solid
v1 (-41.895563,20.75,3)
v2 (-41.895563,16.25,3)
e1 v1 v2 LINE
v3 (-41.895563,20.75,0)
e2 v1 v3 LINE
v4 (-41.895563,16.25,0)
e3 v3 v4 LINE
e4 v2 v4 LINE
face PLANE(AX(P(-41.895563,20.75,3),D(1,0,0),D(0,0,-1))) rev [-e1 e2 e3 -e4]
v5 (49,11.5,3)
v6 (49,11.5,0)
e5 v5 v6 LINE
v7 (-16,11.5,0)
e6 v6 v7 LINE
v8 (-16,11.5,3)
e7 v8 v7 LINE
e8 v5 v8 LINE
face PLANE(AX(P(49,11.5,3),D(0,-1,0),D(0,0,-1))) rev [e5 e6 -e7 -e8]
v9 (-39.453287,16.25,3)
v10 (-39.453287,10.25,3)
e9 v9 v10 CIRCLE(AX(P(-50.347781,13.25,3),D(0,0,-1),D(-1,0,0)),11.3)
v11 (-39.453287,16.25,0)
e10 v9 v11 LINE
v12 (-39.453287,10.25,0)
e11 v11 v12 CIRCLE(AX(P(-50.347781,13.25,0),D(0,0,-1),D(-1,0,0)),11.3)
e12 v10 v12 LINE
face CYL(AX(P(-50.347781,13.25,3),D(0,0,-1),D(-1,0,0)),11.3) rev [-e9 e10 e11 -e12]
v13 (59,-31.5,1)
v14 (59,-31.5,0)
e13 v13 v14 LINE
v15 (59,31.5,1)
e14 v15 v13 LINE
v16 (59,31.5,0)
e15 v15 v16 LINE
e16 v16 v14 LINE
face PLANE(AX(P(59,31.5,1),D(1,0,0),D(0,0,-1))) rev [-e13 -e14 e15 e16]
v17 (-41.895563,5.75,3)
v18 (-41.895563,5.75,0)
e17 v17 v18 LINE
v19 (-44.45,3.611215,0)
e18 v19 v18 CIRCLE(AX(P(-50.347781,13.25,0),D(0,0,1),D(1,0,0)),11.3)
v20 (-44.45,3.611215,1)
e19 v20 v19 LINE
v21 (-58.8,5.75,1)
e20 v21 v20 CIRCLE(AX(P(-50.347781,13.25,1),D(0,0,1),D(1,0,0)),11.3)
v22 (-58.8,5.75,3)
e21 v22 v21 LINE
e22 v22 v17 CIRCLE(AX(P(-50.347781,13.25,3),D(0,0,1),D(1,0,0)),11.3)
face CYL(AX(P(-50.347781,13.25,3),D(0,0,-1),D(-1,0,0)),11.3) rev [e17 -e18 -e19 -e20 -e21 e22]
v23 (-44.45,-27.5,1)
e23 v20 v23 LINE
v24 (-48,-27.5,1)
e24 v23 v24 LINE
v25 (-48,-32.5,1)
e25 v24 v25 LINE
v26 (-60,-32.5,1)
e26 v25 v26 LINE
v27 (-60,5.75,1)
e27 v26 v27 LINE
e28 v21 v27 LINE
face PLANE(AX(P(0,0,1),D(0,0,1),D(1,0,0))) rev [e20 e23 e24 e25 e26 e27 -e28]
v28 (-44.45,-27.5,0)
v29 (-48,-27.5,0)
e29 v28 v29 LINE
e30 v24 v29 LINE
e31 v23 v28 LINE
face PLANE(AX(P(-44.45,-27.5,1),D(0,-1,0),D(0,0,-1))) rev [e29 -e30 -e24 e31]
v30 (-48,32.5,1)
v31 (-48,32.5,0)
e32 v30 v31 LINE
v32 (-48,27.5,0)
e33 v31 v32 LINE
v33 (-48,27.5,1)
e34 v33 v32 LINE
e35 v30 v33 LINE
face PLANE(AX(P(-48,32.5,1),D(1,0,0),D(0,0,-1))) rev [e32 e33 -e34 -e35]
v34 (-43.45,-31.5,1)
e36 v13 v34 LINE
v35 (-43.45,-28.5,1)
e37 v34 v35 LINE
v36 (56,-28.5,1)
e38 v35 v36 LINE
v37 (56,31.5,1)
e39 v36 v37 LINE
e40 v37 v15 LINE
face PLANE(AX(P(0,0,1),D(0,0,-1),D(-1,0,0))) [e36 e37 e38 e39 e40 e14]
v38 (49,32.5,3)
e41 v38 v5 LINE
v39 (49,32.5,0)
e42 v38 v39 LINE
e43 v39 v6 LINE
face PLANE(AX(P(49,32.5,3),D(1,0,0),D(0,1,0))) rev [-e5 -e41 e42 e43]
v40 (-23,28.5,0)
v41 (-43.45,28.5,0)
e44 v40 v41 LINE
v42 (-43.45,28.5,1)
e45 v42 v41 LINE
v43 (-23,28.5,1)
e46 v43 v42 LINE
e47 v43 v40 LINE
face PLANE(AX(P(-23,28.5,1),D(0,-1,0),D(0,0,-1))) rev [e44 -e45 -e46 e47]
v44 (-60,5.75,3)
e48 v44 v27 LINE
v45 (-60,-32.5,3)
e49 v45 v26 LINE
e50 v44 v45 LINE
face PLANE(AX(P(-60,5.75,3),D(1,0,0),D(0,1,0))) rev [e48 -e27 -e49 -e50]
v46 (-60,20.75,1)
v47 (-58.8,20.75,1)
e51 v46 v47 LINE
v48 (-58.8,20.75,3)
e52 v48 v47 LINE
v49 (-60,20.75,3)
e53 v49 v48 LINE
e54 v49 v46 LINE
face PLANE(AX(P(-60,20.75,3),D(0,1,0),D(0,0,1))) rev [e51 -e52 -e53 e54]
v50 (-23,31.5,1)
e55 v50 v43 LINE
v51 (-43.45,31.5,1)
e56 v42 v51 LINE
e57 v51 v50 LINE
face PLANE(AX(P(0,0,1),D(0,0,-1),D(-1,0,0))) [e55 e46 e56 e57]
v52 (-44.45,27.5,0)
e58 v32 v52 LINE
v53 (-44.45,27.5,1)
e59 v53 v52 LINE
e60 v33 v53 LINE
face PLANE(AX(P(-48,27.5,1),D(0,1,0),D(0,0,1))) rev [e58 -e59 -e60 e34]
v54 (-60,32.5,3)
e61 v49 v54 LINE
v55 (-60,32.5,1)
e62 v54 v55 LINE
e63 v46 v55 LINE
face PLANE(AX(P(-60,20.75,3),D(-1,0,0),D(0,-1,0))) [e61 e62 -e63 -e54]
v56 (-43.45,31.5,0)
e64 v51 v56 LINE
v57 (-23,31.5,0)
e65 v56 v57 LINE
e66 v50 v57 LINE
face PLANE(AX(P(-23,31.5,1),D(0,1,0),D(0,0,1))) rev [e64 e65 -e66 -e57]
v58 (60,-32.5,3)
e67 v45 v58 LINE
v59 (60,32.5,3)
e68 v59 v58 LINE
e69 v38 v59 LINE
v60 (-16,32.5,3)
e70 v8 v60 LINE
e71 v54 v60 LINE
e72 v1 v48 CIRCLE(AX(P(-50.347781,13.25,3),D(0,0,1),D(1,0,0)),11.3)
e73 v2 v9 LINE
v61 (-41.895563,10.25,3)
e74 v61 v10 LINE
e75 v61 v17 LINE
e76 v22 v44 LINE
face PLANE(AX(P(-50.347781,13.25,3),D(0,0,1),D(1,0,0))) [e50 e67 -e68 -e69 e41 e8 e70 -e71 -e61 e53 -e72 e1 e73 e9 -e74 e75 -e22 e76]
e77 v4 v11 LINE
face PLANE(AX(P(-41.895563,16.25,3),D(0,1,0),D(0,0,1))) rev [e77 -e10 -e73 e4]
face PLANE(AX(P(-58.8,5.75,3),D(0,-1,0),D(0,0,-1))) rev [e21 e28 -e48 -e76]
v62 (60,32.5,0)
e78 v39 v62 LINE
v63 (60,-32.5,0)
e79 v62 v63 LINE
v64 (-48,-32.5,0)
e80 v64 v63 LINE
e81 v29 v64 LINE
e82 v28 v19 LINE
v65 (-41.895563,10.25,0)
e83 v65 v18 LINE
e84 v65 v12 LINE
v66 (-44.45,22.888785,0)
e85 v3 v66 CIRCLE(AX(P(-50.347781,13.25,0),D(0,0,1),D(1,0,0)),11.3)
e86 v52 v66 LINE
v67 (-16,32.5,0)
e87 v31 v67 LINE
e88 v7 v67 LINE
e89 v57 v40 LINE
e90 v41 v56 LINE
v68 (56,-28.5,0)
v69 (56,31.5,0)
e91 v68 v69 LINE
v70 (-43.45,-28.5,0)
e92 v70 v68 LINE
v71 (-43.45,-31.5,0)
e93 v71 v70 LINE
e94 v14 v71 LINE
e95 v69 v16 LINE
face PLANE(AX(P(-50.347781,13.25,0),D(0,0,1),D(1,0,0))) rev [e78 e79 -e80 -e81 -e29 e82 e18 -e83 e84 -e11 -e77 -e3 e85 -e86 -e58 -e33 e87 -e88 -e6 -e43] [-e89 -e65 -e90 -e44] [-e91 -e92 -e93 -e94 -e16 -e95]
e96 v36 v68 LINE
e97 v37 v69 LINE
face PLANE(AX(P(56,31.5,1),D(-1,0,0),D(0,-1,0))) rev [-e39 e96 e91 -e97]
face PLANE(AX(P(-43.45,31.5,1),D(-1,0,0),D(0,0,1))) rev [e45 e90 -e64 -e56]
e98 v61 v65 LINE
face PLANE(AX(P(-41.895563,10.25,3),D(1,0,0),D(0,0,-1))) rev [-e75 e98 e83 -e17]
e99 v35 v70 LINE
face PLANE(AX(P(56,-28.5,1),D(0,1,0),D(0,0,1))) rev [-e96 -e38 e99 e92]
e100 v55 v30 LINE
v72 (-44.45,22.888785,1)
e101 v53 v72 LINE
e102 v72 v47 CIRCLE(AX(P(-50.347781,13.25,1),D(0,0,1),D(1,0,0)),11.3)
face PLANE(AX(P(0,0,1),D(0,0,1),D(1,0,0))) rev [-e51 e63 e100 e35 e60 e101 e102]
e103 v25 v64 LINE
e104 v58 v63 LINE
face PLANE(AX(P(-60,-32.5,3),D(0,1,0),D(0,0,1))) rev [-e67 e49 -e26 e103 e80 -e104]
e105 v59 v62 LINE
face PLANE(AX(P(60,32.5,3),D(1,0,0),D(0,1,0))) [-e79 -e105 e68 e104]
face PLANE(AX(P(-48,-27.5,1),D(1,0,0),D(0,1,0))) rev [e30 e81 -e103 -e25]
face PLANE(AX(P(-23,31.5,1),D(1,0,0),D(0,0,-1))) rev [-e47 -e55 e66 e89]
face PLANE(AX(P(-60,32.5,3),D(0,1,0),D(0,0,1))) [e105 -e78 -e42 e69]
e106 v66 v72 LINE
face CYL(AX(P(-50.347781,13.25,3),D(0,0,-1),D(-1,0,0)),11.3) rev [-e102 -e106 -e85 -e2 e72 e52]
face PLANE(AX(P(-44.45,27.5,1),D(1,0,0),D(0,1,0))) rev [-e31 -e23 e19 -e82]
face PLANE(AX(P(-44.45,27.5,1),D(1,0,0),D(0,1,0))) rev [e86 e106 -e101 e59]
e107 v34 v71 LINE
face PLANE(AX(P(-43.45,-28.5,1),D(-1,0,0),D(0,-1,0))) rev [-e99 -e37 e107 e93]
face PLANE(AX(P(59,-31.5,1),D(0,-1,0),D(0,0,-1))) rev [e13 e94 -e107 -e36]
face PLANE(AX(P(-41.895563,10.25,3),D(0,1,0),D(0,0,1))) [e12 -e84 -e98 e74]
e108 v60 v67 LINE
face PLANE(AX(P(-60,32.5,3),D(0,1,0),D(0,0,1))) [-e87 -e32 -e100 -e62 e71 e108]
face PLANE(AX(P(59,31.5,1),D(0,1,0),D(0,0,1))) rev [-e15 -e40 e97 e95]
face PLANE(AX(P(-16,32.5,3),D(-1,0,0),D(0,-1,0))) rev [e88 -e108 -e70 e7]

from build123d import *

# Parameters (mm, degrees)
P_IDAT_VYSUNUT_M1_DEPTH  = 3
SKICA3_W                 = 20.45
SKICA3_H                 = 3
ODEBRAT_VYSUNUT_M1_DEPTH = 1
ODEBRAT_VYSUNUT_M2_DEPTH = 1
ODEBRAT_VYSUNUT_M3_DEPTH = 1
SKICA6_W                 = 65
SKICA6_H                 = 21
ODEBRAT_VYSUNUT_M4_DEPTH = 69.302635381


with BuildPart() as part:
    # Skica2 → Přidat vysunutím1 (new body)
    with BuildSketch(Plane.XY):
        with BuildLine():
            Line((-60, 20.75), (-58.8, 20.75))
            ThreePointArc((-58.8, 20.75), (-50.347781356, 24.55), (-41.895562713, 20.75))
            Line((-41.895562713, 20.75), (-41.895562713, 16.25))
            Line((-41.895562713, 16.25), (-39.453287334, 16.25))
            ThreePointArc((-39.453287334, 16.25), (-39.047781356, 13.25), (-39.453287334, 10.25))
            Line((-39.453287334, 10.25), (-41.895562713, 10.25))
            Line((-41.895562713, 10.25), (-41.895562713, 5.75))
            ThreePointArc((-41.895562713, 5.75), (-50.347781356, 1.95), (-58.8, 5.75))
            Line((-58.8, 5.75), (-60, 5.75))
            Line((-60, 5.75), (-60, -32.5))
            Line((-60, -32.5), (60, -32.5))
            Line((60, -32.5), (60, 32.5))
            Line((60, 32.5), (-60, 32.5))
            Line((-60, 32.5), (-60, 20.75))
        make_face()
    extrude(amount=P_IDAT_VYSUNUT_M1_DEPTH)

    # Skica3 → Odebrat vysunutím1 (cut)
    with BuildSketch(Plane(origin=(0, 0, 0), x_dir=(-1, 0, 0), z_dir=(0, 0, -1))):
        with Locations((33.225, 30)):
            Rectangle(SKICA3_W, SKICA3_H)
    extrude(amount=-ODEBRAT_VYSUNUT_M1_DEPTH, mode=Mode.SUBTRACT)

    # Skica4 → Odebrat vysunutím2 (cut)
    with BuildSketch(Plane(origin=(0, 0, 0), x_dir=(-1, 0, 0), z_dir=(0, 0, -1))):
        Polygon((-59, 31.5), (-56, 31.5), (-56, -28.5), (43.45, -28.5), (43.45, -31.5), (-59, -31.5), align=None)
    extrude(amount=-ODEBRAT_VYSUNUT_M2_DEPTH, mode=Mode.SUBTRACT)

    # Skica5 → Odebrat vysunutím3 (cut)
    with BuildSketch(Plane(origin=(0, 0, 0), x_dir=(-1, 0, 0), z_dir=(0, 0, -1))):
        Polygon((60, 32.5), (48, 32.5), (48, 27.5), (44.45, 27.5), (44.45, -27.5), (48, -27.5), (48, -32.5), (60, -32.5), align=None)
    extrude(amount=-ODEBRAT_VYSUNUT_M3_DEPTH, mode=Mode.SUBTRACT)

    # Skica6 → Odebrat vysunutím4 (cut, through all)
    with BuildSketch(Plane(origin=(0, 0, 0), x_dir=(-1, 0, 0), z_dir=(0, 0, -1))):
        with Locations((-16.5, 22)):
            Rectangle(SKICA6_W, SKICA6_H)
    extrude(amount=-ODEBRAT_VYSUNUT_M4_DEPTH, mode=Mode.SUBTRACT)


solid = part.part
